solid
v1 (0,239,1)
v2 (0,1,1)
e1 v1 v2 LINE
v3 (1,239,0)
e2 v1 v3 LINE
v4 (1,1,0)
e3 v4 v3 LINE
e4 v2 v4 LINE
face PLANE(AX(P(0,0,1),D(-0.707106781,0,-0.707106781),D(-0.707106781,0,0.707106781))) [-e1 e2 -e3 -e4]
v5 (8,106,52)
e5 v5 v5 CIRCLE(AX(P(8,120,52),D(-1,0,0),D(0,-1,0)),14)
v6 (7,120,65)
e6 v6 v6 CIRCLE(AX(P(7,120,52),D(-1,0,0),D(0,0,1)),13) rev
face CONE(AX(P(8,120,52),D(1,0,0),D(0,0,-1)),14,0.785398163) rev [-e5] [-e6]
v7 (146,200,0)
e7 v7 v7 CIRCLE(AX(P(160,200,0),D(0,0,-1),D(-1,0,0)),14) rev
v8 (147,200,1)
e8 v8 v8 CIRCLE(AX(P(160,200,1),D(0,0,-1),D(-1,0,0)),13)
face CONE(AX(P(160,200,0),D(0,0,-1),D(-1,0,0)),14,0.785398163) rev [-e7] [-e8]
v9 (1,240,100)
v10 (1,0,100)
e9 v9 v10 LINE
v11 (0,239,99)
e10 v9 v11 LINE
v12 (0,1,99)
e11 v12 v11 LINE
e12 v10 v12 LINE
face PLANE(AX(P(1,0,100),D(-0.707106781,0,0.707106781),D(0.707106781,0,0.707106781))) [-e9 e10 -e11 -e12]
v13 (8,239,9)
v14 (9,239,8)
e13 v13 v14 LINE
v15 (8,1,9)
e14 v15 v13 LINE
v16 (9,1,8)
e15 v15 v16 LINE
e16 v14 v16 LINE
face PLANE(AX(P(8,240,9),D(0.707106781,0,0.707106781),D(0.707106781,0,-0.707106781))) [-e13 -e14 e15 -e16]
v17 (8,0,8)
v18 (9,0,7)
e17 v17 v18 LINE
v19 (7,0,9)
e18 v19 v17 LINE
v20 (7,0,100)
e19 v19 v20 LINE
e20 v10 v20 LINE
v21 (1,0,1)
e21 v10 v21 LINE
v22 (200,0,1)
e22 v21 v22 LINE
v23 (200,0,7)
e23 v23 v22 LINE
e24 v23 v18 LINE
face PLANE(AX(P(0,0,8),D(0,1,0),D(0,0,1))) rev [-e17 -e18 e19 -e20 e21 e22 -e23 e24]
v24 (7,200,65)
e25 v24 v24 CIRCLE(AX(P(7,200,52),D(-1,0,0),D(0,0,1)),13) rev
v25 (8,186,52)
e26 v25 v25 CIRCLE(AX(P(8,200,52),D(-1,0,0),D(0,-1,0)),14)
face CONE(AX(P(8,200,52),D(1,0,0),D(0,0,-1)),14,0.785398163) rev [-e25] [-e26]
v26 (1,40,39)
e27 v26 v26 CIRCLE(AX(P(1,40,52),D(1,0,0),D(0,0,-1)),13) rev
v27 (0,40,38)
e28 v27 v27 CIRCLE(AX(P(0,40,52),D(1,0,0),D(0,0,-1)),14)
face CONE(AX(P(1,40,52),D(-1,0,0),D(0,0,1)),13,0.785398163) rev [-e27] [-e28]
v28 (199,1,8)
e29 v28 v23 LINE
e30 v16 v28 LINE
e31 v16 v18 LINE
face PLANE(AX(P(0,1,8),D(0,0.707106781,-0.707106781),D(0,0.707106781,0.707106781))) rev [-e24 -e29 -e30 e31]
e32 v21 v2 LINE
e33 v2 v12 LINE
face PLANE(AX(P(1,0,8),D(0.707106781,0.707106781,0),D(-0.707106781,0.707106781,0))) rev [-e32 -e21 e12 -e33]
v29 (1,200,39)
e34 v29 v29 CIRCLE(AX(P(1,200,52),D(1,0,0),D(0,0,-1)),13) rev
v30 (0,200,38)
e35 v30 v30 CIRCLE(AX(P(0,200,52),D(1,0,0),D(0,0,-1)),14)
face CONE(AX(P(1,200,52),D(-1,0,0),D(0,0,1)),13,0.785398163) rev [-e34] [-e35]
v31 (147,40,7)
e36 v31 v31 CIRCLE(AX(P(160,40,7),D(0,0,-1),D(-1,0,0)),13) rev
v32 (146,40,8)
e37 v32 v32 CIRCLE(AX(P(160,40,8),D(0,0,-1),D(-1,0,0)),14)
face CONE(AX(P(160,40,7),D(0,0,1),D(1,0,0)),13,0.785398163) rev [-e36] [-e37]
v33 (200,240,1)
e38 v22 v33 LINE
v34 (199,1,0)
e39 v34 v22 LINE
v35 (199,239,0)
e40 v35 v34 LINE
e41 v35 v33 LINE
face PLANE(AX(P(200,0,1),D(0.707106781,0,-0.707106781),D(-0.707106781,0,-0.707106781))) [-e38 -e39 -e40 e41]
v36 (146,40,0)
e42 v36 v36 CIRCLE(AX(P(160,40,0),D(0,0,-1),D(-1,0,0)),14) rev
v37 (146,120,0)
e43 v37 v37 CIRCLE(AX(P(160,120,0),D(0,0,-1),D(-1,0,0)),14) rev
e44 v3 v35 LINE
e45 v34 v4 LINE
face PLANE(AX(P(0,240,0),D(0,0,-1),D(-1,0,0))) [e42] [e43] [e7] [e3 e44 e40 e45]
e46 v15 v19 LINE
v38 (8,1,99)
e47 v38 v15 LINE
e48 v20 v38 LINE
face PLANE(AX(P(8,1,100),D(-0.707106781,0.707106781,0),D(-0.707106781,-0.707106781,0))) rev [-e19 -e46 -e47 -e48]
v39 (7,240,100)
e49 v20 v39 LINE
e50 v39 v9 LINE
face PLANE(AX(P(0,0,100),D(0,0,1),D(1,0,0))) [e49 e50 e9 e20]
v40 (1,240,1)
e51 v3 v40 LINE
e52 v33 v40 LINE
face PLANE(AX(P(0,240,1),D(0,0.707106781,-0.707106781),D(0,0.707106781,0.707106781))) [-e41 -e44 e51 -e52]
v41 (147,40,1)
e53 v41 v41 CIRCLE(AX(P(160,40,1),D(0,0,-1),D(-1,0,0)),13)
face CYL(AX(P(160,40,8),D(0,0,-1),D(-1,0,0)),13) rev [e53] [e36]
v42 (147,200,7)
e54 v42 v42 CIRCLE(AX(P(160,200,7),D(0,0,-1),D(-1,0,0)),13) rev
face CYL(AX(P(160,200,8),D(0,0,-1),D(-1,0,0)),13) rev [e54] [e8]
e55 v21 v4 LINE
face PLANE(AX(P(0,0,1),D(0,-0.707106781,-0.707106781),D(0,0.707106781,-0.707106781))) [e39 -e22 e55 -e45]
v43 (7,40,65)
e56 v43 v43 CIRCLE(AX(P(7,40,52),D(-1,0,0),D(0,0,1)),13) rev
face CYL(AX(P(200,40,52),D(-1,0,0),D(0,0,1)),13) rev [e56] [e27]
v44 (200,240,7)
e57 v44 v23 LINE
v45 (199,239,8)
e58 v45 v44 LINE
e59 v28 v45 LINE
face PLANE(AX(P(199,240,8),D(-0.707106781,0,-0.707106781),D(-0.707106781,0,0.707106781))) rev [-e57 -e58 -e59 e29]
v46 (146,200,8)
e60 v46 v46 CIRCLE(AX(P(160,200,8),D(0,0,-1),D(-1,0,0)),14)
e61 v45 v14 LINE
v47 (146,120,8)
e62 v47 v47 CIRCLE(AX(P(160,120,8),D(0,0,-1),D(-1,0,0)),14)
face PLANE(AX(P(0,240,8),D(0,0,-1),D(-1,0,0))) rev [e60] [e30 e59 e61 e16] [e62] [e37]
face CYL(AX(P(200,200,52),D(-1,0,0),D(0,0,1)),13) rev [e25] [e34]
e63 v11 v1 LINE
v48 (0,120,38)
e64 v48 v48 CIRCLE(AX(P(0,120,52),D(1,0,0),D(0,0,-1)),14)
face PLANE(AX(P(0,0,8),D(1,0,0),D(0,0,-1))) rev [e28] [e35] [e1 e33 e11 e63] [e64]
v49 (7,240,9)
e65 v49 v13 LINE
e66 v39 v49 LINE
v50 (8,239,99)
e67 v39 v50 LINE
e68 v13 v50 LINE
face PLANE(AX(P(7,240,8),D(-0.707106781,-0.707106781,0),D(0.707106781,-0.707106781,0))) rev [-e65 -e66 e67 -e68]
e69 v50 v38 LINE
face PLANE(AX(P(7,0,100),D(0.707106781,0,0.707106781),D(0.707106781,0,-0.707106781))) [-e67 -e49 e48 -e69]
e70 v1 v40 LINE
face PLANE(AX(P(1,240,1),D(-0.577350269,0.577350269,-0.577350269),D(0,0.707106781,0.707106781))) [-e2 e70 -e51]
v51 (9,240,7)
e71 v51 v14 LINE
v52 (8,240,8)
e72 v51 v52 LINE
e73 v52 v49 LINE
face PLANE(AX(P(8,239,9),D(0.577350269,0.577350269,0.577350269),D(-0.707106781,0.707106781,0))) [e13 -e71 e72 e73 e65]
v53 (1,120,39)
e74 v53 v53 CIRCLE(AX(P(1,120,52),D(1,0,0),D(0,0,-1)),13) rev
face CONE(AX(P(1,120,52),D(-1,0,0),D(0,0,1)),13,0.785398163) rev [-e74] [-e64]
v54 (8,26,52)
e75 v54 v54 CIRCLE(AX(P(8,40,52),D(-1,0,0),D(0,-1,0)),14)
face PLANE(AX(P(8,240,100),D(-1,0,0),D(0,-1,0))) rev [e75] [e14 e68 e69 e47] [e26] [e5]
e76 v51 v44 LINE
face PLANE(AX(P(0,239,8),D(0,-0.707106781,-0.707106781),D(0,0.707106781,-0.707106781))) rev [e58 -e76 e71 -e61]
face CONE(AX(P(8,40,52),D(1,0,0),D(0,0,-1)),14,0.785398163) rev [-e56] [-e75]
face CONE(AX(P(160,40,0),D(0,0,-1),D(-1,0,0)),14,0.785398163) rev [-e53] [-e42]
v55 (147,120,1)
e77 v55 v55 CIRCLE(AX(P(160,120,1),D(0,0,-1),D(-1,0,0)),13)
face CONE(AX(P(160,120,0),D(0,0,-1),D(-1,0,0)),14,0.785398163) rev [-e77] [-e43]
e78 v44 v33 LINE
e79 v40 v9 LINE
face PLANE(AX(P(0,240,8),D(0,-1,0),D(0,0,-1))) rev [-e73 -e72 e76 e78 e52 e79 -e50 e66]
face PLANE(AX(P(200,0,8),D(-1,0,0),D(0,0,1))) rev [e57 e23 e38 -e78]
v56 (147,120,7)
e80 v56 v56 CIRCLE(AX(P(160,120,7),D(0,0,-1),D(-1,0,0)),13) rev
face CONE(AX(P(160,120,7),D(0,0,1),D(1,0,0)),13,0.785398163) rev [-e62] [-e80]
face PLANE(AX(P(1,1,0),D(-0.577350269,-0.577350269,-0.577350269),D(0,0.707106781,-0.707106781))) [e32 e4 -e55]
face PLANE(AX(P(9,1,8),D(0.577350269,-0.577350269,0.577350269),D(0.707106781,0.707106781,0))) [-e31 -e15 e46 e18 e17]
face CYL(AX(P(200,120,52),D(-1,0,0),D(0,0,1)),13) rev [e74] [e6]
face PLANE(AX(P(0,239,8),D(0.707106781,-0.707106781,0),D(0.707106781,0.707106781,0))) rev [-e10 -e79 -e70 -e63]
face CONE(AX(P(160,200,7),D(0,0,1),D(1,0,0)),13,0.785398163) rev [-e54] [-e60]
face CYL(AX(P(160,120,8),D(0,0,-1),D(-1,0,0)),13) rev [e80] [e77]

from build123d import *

# Parameters (mm, degrees)
SKETCH_1_W          = 200
SKETCH_1_H          = 240
SKETCH_1_R          = 13
EXTRUDE_323_DEPTH   = 8
SKETCH_2_W          = 8
SKETCH_2_H          = 240
EXTRUDE_1_DEPTH     = 92
SKETCH_3_R          = 13
CUT_EXTRUDE_1_DEPTH = 329.024389337
CHAMFER_1_SIZE      = 1


with BuildPart() as part:
    # 草图1 → Extrude 323 (new body)
    with BuildSketch(Plane.XY):
        with Locations((100, 120)):
            Rectangle(SKETCH_1_W, SKETCH_1_H)
        with Locations((160, 40)):
            Circle(SKETCH_1_R, mode=Mode.SUBTRACT)
        with Locations((160, 120)):
            Circle(SKETCH_1_R, mode=Mode.SUBTRACT)
        with Locations((160, 200)):
            Circle(SKETCH_1_R, mode=Mode.SUBTRACT)
    extrude(amount=EXTRUDE_323_DEPTH)

    # 草图2 → 凸台-拉伸1 (add)
    with BuildSketch(Plane.XY.offset(8)):
        with Locations((4, 120)):
            Rectangle(SKETCH_2_W, SKETCH_2_H)
    extrude(amount=EXTRUDE_1_DEPTH)

    # 草图3 → 切除-拉伸1 (cut, through all)
    with BuildSketch(Plane.ZY):
        with Locations((52, 200)):
            Circle(SKETCH_3_R)
        with Locations((52, 120)):
            Circle(SKETCH_3_R)
        with Locations((52, 40)):
            Circle(SKETCH_3_R)
    extrude(amount=-CUT_EXTRUDE_1_DEPTH, mode=Mode.SUBTRACT)

    # 倒角1
    chamfer_1_edges = [part.edges().sort_by_distance(p)[0] for p in [
        (200, 120, 8),
        (147, 40, 0),
        (147, 40, 8),
        (104, 240, 8),
        (147, 120, 0),
        (147, 120, 8),
        (147, 200, 0),
        (147, 200, 8),
        (104, 0, 8),
        (8, 120, 8),
        (8, 0, 54),
        (8, 240, 54),
        (0, 120, 100),
        (8, 120, 100),
        (8, 200, 39),
        (0, 200, 39),
        (100, 240, 0),
        (8, 120, 39),
        (0, 120, 39),
        (8, 40, 39),
        (0, 40, 39),
        (200, 120, 0),
        (100, 0, 0),
        (0, 120, 0),
        (0, 240, 50),
        (0, 0, 50),
    ]]
    chamfer(chamfer_1_edges, length=CHAMFER_1_SIZE)


solid = part.part
